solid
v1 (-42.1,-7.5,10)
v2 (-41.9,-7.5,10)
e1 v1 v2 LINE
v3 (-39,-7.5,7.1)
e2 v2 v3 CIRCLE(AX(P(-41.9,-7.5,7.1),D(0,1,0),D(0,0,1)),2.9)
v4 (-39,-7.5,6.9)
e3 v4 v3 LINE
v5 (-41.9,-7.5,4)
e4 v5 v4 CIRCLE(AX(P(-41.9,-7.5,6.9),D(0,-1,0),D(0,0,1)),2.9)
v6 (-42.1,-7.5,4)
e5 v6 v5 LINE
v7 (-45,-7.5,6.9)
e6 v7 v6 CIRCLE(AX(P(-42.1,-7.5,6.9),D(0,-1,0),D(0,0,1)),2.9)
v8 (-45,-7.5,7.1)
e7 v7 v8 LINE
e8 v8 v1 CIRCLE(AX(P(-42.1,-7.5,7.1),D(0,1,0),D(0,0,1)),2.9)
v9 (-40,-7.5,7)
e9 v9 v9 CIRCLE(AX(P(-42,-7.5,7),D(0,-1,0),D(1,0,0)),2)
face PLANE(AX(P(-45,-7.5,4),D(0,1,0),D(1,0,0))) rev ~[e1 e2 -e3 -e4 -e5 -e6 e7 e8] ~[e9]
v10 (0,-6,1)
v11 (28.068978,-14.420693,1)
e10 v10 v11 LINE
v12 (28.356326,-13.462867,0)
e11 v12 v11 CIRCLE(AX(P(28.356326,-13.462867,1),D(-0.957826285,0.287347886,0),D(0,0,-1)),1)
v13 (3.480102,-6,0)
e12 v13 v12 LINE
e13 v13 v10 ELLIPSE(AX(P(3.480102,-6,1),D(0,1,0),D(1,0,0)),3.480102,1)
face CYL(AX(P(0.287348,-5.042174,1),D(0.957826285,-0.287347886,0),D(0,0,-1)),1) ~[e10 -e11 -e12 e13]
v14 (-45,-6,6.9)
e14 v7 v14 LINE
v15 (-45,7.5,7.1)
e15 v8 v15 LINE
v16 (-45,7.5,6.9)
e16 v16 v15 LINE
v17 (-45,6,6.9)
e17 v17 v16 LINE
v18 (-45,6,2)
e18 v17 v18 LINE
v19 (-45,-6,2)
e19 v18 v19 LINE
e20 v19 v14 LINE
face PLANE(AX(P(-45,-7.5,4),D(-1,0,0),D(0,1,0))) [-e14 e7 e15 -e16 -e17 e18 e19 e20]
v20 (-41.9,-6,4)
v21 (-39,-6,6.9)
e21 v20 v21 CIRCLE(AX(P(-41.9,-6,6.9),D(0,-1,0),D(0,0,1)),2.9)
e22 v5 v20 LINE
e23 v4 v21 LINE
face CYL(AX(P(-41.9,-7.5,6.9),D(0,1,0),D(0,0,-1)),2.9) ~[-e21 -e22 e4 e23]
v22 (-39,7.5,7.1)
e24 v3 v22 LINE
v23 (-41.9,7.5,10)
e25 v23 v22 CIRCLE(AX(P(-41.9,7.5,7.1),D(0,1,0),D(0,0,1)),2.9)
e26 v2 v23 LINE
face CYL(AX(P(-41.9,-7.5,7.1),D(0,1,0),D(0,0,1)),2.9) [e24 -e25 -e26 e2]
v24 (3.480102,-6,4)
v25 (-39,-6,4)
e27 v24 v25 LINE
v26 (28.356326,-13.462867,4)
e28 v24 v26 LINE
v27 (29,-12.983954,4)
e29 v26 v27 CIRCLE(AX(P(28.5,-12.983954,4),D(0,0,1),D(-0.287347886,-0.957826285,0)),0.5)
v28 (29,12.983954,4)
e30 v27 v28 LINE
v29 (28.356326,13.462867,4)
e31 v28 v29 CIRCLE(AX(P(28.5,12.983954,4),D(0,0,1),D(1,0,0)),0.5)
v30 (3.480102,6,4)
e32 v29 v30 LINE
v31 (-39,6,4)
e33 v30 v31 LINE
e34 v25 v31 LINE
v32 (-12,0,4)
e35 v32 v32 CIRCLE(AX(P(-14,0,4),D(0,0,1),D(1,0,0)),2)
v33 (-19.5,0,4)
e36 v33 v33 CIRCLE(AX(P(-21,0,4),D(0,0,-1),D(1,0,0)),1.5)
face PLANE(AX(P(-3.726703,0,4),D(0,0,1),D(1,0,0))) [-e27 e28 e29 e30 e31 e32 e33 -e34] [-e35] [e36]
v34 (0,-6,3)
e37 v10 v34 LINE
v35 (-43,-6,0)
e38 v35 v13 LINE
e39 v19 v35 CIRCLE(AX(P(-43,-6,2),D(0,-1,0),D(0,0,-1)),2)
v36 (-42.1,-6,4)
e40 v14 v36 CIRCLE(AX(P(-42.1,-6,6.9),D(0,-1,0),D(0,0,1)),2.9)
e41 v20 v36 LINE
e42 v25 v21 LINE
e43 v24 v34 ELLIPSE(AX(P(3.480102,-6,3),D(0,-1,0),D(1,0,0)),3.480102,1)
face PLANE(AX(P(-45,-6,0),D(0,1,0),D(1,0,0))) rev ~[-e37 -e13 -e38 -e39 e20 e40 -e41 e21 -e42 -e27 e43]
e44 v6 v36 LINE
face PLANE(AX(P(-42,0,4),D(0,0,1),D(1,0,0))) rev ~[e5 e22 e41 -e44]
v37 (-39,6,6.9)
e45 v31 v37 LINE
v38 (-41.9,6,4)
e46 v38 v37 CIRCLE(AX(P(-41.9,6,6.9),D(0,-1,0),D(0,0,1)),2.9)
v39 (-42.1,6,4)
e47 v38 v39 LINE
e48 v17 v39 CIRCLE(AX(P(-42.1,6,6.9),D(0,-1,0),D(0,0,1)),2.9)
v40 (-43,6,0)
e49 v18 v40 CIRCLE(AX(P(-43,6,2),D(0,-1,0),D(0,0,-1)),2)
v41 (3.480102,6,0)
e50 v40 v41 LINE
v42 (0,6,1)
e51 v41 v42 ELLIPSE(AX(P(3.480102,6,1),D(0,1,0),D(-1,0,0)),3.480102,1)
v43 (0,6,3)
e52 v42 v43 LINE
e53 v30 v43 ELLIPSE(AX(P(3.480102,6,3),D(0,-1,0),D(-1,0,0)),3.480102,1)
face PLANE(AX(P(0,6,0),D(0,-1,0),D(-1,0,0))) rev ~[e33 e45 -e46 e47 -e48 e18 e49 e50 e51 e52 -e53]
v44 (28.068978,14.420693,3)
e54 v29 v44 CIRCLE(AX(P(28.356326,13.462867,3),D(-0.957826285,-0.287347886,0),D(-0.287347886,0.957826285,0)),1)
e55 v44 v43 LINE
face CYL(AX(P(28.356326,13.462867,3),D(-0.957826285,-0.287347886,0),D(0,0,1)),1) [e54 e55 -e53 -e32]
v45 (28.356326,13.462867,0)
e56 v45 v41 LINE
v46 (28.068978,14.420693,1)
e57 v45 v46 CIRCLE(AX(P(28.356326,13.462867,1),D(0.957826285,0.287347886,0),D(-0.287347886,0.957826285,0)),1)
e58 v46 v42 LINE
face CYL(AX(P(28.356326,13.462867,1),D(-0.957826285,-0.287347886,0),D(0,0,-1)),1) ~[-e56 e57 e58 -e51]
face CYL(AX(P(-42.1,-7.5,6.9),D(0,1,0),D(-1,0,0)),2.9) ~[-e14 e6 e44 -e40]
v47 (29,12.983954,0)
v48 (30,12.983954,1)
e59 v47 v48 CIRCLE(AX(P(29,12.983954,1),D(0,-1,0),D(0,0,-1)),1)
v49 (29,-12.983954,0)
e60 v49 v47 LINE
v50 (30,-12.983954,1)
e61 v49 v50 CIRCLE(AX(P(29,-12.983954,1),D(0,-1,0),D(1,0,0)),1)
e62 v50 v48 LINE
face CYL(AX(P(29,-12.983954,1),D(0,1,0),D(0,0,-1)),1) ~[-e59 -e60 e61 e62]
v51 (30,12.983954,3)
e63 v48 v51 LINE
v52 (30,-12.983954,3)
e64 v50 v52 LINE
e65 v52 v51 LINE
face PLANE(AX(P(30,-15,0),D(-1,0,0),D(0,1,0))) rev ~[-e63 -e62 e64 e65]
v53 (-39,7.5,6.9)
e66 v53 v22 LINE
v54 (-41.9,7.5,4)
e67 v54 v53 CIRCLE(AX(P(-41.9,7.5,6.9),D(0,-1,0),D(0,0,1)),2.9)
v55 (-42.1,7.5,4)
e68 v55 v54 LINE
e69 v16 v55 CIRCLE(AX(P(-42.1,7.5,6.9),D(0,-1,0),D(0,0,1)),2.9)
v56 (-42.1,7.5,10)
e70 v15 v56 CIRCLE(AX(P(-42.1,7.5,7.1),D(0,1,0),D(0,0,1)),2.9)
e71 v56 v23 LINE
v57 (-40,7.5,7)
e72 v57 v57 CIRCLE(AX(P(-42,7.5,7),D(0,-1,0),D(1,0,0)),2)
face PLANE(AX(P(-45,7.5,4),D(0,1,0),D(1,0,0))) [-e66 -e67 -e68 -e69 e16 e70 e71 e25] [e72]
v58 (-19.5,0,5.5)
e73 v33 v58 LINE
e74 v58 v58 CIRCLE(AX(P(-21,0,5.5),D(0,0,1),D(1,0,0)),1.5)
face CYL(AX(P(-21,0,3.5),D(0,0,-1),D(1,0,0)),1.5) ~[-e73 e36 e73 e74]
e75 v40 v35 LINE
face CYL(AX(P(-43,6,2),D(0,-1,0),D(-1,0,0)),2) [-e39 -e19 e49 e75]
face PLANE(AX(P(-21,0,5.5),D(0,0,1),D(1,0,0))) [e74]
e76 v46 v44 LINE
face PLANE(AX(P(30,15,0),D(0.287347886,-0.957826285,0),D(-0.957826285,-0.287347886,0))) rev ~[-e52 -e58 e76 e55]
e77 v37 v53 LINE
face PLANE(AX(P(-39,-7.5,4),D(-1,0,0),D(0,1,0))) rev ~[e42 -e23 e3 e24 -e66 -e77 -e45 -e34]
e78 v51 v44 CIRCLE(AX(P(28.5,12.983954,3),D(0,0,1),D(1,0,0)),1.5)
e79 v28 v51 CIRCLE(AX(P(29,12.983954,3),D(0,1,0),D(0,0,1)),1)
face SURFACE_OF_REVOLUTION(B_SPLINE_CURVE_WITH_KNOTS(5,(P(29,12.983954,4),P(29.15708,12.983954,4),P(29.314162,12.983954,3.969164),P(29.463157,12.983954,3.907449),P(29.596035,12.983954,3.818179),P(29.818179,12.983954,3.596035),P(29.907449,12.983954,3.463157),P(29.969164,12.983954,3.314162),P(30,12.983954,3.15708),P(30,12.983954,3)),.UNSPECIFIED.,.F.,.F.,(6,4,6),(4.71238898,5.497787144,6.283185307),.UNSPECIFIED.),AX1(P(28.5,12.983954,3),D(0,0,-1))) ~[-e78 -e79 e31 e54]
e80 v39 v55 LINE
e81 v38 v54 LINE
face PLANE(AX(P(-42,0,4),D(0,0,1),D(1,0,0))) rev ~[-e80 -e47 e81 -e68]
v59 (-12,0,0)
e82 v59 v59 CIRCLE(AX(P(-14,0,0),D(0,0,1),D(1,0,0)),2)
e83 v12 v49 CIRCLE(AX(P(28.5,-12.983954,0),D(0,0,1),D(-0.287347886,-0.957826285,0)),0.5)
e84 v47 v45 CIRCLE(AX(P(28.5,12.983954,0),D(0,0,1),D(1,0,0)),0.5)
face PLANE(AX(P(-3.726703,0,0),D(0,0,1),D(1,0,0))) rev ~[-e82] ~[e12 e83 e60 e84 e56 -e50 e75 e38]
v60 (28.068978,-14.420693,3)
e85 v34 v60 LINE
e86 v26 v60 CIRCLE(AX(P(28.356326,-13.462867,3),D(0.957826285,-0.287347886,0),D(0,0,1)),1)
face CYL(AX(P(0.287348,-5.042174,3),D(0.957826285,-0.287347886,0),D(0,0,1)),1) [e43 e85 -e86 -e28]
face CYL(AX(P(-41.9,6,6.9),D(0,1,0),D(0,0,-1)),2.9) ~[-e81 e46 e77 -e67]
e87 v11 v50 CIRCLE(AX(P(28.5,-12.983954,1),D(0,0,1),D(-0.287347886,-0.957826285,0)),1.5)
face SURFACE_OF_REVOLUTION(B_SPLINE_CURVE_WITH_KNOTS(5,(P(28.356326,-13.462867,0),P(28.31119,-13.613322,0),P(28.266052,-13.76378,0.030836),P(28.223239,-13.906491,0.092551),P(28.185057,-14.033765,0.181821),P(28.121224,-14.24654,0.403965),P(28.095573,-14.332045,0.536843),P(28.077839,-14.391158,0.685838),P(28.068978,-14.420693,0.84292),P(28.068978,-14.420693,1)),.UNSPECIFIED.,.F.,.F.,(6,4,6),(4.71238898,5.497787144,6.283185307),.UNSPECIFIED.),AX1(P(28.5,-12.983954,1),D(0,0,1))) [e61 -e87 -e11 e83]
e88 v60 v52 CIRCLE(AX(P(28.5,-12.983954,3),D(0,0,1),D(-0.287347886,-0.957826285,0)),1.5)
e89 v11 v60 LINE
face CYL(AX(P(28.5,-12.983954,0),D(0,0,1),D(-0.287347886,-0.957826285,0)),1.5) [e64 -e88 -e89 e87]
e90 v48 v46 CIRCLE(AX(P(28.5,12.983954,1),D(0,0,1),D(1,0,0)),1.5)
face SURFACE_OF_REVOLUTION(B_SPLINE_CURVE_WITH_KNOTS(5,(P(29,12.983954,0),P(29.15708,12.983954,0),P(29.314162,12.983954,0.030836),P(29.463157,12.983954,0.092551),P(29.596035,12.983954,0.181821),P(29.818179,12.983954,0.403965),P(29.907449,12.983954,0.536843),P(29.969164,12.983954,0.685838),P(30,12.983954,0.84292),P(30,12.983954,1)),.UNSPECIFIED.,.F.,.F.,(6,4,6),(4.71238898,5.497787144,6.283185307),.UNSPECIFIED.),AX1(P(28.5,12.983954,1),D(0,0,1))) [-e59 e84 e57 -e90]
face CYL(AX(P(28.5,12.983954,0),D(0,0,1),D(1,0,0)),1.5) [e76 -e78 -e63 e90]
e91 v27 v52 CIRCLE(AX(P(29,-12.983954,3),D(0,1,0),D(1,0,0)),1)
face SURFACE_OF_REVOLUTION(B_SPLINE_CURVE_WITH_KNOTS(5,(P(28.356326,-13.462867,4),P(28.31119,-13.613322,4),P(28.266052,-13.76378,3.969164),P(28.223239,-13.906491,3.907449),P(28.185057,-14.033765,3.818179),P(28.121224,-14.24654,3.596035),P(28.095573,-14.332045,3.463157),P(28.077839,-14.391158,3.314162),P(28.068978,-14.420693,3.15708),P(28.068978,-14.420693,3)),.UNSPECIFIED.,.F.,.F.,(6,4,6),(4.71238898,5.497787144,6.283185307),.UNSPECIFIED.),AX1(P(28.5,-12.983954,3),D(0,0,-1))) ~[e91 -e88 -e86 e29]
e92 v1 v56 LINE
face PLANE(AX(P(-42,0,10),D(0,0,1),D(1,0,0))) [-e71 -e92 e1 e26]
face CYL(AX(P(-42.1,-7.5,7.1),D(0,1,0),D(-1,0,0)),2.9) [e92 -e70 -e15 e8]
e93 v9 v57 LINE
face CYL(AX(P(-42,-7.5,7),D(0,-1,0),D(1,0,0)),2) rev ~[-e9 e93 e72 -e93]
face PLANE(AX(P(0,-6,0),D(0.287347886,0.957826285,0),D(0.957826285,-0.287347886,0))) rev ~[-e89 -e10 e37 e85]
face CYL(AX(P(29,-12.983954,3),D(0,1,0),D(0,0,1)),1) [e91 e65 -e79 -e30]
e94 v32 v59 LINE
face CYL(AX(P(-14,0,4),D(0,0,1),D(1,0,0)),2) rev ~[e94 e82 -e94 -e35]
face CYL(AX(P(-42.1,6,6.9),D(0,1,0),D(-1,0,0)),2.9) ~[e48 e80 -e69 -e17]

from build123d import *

# Parameters (mm, degrees)
PAD_DEPTH       = 4
FILLET_R        = 1.5
FILLET001_R     = 1
SKETCH003_R     = 1.5
PAD003_DEPTH    = 2
FILLET002_R     = 2
SKETCH004_W     = 6
SKETCH004_H     = 15
PAD004_DEPTH    = 6
SKETCH005_R     = 2
POCKET_DEPTH    = 21.984954
FILLET003_R     = 2.9
SKETCH006_R     = 2
POCKET001_DEPTH = 4.001


with BuildPart() as part:
    # Sketch → Pad (new body)
    with BuildSketch(Plane.XY):
        Polygon((0, 6), (-45, 6), (-45, -6), (0, -6), (30, -15), (30, 15), align=None)
    extrude(amount=PAD_DEPTH)

    # Fillet
    fillet_edges = [part.edges().sort_by_distance(p)[0] for p in [
        (30, 15, 2),
        (30, -15, 2),
    ]]
    fillet(fillet_edges, radius=FILLET_R)

    # Fillet001
    fillet001_edges = [part.edges().sort_by_distance(p)[0] for p in [
        (14.034489, 10.210347, 4),
        (14.034489, 10.210347, 0),
        (29.395396, 14.187393, 0),
        (29.395396, 14.187393, 4),
        (30, 0, 4),
        (30, 0, 0),
        (14.034489, -10.210347, 4),
        (14.034489, -10.210347, 0),
        (29.395396, -14.187393, 0),
        (29.395396, -14.187393, 4),
    ]]
    fillet(fillet001_edges, radius=FILLET001_R)

    # Sketch003 → Pad003 (join)
    with BuildSketch(Plane.XY.offset(3.5)):
        with Locations((-21, 0)):
            Circle(SKETCH003_R)
    extrude(amount=PAD003_DEPTH)

    # Fillet002
    fillet002_edges = [part.edges().sort_by_distance(p)[0] for p in [
        (-45, 0, 0),
    ]]
    fillet(fillet002_edges, radius=FILLET002_R)

    # Sketch004 (on Face6 of Fillet002) → Pad004 (join)
    with BuildSketch(Plane.XY.offset(4)):
        with Locations((-42, 0)):
            Rectangle(SKETCH004_W, SKETCH004_H)
    extrude(amount=PAD004_DEPTH)

    # Sketch005 (on Face17 of Pad004) → Pocket (cut, through all)
    with BuildSketch(Plane.XZ.offset(7.5)):
        with Locations((-42, 7)):
            Circle(SKETCH005_R)
    extrude(amount=-POCKET_DEPTH, mode=Mode.SUBTRACT)

    # Fillet003
    fillet003_edges = [part.edges().sort_by_distance(p)[0] for p in [
        (-45, 0, 10),
        (-39, 0, 10),
        (-45, -6.75, 4),
        (-39, -6.75, 4),
        (-45, 6.75, 4),
        (-39, 6.75, 4),
    ]]
    fillet(fillet003_edges, radius=FILLET003_R)

    # Sketch006 (on Face8 of Fillet003) → Pocket001 (cut, through all)
    with BuildSketch(Plane.XY.offset(4)):
        with Locations((-14, 0)):
            Circle(SKETCH006_R)
    extrude(amount=-POCKET001_DEPTH, mode=Mode.SUBTRACT)


solid = part.part
